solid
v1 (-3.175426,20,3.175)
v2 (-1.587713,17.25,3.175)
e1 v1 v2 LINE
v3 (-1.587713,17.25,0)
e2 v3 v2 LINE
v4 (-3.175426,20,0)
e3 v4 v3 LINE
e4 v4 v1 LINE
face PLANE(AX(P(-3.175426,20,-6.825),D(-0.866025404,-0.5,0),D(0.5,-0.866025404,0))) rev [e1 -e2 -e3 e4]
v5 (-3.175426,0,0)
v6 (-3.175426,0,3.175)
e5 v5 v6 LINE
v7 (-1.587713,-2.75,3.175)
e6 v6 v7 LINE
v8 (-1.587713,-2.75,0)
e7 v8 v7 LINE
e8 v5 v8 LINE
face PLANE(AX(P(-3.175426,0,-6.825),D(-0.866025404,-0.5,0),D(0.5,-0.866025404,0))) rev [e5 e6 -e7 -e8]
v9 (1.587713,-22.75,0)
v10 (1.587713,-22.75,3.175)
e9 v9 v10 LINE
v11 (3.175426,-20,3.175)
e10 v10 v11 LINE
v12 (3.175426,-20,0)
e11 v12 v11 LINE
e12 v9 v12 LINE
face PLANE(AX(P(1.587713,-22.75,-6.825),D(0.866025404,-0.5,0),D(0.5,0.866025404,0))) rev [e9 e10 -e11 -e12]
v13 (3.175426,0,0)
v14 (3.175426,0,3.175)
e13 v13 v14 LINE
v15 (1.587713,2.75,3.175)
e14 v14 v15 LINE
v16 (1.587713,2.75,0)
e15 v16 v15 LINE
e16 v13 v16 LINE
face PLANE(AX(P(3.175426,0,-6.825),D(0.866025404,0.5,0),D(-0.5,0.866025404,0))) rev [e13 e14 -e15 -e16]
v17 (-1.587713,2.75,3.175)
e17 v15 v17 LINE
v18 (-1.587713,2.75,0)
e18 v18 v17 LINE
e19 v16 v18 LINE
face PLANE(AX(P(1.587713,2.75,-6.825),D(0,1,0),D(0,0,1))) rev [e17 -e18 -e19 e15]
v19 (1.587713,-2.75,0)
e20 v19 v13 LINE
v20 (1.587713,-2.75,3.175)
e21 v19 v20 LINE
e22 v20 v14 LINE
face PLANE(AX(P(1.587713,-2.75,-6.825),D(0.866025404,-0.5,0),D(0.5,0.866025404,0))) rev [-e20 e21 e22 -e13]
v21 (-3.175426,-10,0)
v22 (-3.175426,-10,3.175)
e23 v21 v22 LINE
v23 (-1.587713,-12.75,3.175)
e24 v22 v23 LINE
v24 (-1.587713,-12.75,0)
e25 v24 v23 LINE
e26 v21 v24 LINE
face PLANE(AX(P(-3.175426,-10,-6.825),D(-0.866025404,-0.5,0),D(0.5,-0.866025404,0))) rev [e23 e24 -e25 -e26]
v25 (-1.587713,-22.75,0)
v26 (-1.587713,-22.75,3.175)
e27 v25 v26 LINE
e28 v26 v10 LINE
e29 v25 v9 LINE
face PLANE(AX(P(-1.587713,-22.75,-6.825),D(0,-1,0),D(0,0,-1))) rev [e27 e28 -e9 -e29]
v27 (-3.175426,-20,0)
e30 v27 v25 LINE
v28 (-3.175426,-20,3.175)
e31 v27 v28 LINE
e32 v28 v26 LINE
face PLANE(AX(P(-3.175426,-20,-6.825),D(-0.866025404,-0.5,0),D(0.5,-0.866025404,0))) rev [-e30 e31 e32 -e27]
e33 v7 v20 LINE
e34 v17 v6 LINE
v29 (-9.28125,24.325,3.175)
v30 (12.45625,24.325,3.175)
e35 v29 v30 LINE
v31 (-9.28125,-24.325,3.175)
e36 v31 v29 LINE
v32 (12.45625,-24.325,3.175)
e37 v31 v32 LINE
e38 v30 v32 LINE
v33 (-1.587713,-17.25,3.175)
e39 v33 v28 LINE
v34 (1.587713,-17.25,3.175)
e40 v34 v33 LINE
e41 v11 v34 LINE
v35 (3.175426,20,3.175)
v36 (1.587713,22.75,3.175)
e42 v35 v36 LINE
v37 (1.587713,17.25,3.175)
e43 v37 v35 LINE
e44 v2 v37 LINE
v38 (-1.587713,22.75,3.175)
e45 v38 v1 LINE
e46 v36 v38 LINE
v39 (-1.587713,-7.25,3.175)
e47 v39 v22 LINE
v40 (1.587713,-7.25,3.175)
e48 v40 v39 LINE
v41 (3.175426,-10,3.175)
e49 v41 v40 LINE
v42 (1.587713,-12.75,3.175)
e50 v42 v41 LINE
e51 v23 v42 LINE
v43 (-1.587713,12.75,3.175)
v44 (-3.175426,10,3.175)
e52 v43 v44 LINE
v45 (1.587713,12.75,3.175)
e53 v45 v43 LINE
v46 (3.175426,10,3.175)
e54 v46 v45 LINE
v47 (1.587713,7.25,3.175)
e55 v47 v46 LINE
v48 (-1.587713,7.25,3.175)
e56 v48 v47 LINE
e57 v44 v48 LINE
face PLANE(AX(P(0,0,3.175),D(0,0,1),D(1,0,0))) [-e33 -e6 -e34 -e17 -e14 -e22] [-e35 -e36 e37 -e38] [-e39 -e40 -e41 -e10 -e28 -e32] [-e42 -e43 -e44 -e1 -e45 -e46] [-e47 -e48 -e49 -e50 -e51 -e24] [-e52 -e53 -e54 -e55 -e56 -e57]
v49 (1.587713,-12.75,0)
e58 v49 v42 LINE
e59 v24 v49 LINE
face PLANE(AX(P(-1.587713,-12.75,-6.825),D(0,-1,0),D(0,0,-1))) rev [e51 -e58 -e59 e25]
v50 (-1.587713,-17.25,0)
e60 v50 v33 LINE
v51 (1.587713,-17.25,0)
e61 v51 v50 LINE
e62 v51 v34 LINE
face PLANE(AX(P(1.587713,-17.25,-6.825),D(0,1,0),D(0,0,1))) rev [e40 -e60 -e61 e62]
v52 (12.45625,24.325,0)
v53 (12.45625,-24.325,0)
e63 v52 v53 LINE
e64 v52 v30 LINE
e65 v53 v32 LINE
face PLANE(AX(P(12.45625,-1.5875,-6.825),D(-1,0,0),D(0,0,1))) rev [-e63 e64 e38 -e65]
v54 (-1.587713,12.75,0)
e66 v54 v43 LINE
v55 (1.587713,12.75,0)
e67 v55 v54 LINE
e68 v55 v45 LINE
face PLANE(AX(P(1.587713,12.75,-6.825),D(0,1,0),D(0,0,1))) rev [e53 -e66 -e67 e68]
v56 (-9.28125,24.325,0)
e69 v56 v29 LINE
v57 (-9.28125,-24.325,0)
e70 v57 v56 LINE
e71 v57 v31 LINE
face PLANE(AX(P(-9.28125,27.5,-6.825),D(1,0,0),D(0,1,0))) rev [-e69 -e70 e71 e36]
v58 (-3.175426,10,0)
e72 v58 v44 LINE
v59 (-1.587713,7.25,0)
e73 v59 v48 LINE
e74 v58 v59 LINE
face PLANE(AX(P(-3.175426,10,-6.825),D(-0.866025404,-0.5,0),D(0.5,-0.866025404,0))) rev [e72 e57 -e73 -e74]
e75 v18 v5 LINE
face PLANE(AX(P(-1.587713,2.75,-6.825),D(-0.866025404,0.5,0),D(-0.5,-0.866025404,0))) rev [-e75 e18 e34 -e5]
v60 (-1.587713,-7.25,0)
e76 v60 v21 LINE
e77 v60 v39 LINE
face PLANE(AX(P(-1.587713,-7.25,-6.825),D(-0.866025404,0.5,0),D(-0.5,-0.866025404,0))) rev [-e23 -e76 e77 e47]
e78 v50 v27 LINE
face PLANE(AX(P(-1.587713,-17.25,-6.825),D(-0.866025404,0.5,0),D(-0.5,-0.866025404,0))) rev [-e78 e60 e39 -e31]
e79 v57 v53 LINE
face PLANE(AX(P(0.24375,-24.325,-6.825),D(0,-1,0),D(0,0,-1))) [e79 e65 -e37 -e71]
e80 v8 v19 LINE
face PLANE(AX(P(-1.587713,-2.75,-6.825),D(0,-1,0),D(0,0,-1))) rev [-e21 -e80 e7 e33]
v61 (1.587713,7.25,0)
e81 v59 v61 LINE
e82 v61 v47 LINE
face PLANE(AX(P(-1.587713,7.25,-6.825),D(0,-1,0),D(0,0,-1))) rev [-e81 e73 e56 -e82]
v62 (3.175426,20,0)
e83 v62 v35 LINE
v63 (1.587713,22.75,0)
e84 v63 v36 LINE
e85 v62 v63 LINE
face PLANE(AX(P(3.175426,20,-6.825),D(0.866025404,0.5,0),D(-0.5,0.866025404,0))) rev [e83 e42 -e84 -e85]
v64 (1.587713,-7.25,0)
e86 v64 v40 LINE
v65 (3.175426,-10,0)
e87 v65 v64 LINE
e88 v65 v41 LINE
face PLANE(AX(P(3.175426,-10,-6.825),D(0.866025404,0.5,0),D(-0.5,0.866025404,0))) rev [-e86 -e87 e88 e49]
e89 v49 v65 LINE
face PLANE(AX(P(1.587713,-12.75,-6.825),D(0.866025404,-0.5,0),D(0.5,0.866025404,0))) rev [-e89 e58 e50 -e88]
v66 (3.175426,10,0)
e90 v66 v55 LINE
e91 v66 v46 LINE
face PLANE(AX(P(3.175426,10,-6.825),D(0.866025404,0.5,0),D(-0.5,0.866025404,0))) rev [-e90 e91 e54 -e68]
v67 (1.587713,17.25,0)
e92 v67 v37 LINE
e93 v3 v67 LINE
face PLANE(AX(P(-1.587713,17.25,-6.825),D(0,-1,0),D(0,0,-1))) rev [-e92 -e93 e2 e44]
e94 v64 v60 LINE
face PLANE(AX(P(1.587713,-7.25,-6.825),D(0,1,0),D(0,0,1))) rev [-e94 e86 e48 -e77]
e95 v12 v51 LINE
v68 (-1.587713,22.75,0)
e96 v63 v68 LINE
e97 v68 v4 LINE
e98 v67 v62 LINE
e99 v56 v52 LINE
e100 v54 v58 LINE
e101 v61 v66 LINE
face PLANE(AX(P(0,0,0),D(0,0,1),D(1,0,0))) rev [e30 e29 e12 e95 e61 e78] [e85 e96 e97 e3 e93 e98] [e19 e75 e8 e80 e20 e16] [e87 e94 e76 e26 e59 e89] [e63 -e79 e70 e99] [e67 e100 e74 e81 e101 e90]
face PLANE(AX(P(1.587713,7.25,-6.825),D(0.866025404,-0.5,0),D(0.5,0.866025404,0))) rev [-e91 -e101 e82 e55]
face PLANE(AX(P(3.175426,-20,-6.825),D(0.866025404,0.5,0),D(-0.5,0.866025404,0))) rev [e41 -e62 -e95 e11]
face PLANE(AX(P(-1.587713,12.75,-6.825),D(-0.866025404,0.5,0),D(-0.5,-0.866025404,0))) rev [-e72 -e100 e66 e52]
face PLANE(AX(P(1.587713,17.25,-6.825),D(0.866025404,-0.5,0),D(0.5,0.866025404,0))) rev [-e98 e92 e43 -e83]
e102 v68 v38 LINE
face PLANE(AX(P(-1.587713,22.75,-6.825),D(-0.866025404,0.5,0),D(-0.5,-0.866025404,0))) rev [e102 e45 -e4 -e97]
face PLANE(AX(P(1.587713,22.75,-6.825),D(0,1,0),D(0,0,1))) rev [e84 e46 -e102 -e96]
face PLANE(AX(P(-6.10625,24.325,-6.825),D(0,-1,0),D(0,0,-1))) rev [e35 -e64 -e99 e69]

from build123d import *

# Parameters (mm, degrees)
SKETCH1_W               = 31.2625
SKETCH1_H               = 55
BOSS_EXTRUDE1_DEPTH     = 3.175
SKETCH2_R               = 1.5
CUT_EXTRUDE1_DEPTH      = 10
LPATTERN1_COUNT         = 3
LPATTERN1_PITCH         = 10
LPATTERN1_COL_COUNT     = 3
LPATTERN1_COL_PITCH     = 10
SKETCH3_W               = 6.35
SKETCH3_H               = 3.175
CUT_EXTRUDE2_DEPTH      = 10
LPATTERN2_COUNT         = 5
LPATTERN2_PITCH         = 6.35
LPATTERN2_COL_COUNT     = 5
LPATTERN2_COL_PITCH     = 6.35
SKETCH4_W               = 3.175
SKETCH4_H               = 3.6875
SKETCH4_H_2             = 3.175
CUT_EXTRUDE3_DEPTH      = 10
SKETCH5_W               = 6.35
SKETCH5_H               = 55
CUT_EXTRUDE4_DEPTH      = 10
SKETCH6_W               = 3.175
SKETCH6_H               = 3.175
CUT_EXTRUDE5_DEPTH      = 10
LPATTERN3_COUNT         = 2
LPATTERN3_PITCH         = 6.35
LPATTERN3_COUNT_DIR2    = 2
LPATTERN3_PITCH_DIR2    = 6.35
SKETCH7_W               = 5.8625
SKETCH7_H               = 3.175
CUT_EXTRUDE6_DEPTH      = 10
MIRROR1_COPY_1_SKETCH_W = 3.175
MIRROR1_COPY_1_SKETCH_H = 3.175
MIRROR1_COPY_1_DEPTH    = 10
MIRROR1_COPY_2_SKETCH_W = 3.175
MIRROR1_COPY_2_SKETCH_H = 3.175
MIRROR1_COPY_2_DEPTH    = 10
MIRROR1_COPY_3_SKETCH_W = 3.175
MIRROR1_COPY_3_SKETCH_H = 3.175
MIRROR1_COPY_3_DEPTH    = 10
SKETCH8_W               = 21.7375
SKETCH8_H               = 3.175
SKETCH8_W_2             = 3.175
SKETCH8_H_2             = 41.275
SKETCH8_W_3             = 15.875
CUT_EXTRUDE7_DEPTH      = 10
CUT_EXTRUDE8_DEPTH      = 10
LPATTERN4_COUNT         = 5
LPATTERN4_PITCH         = 10


with BuildPart() as part:
    # Sketch1 → Boss-Extrude1 (new body)
    with BuildSketch(Plane.XY):
        Rectangle(SKETCH1_W, SKETCH1_H)
    extrude(amount=BOSS_EXTRUDE1_DEPTH)

    # Sketch2 → Cut-Extrude1 (cut)
    with BuildSketch(Plane.XY.offset(3.175)):
        Circle(SKETCH2_R)
    cut_extrude1 = extrude(amount=-CUT_EXTRUDE1_DEPTH, mode=Mode.SUBTRACT)

    # LPattern1: Cut-Extrude1 ×3
    with Locations(*[(0, i * LPATTERN1_PITCH, 0) for i in range(1, LPATTERN1_COUNT)]):
        add(cut_extrude1, mode=Mode.SUBTRACT)

    # LPattern1 col: Cut-Extrude1 ×3
    with Locations(*[(0, -i * LPATTERN1_COL_PITCH, 0) for i in range(1, LPATTERN1_COL_COUNT)]):
        add(cut_extrude1, mode=Mode.SUBTRACT)

    # Sketch3 → Cut-Extrude2 (cut)
    with BuildSketch(Plane.XY.offset(3.175)):
        with Locations((15.63125, -3.175)):
            Rectangle(SKETCH3_W, SKETCH3_H)
    cut_extrude2 = extrude(amount=-CUT_EXTRUDE2_DEPTH, mode=Mode.SUBTRACT)

    # LPattern2: Cut-Extrude2 ×5
    with Locations(*[(0, i * LPATTERN2_PITCH, 0) for i in range(1, LPATTERN2_COUNT)]):
        add(cut_extrude2, mode=Mode.SUBTRACT)

    # LPattern2 col: Cut-Extrude2 ×5
    with Locations(*[(0, -i * LPATTERN2_COL_PITCH, 0) for i in range(1, LPATTERN2_COL_COUNT)]):
        add(cut_extrude2, mode=Mode.SUBTRACT)

    # Sketch4 → Cut-Extrude3 (cut)
    with BuildSketch(Plane.XY.offset(3.175)):
        with Locations((14.04375, 25.65625)):
            Rectangle(SKETCH4_W, SKETCH4_H)
        with Locations((14.04375, -25.4)):
            Rectangle(SKETCH4_W, SKETCH4_H_2)
    extrude(amount=-CUT_EXTRUDE3_DEPTH, mode=Mode.SUBTRACT)

    # Sketch5 → Cut-Extrude4 (cut)
    with BuildSketch(Plane.XY.offset(3.175)):
        with Locations((-12.45625, 0)):
            Rectangle(SKETCH5_W, SKETCH5_H)
    extrude(amount=-CUT_EXTRUDE4_DEPTH, mode=Mode.SUBTRACT)

    # Sketch6 → Cut-Extrude5 (cut)
    with BuildSketch(Plane.XY.offset(3.175)):
        with Locations((-4.51875, 25.9125)):
            Rectangle(SKETCH6_W, SKETCH6_H)
    cut_extrude5 = extrude(amount=-CUT_EXTRUDE5_DEPTH, mode=Mode.SUBTRACT)

    # LPattern3: Cut-Extrude5 2 × 2
    with Locations(*[(i * LPATTERN3_PITCH, j * LPATTERN3_PITCH_DIR2, 0) for i in range(LPATTERN3_COUNT) for j in range(LPATTERN3_COUNT_DIR2) if (i, j) != (0, 0)]):
        add(cut_extrude5, mode=Mode.SUBTRACT)

    # Sketch7 → Cut-Extrude6 (cut)
    with BuildSketch(Plane.XY.offset(3.175)):
        with Locations((9.525, 25.9125)):
            Rectangle(SKETCH7_W, SKETCH7_H)
    cut_extrude6 = extrude(amount=-CUT_EXTRUDE6_DEPTH, mode=Mode.SUBTRACT)

    # Mirror1: Cut-Extrude5, Cut-Extrude6 across plane
    add(cut_extrude5.mirror(Plane.ZX), mode=Mode.SUBTRACT)
    add(cut_extrude6.mirror(Plane.ZX), mode=Mode.SUBTRACT)

    # Mirror1 copy 1 sketch → Mirror1 copy 1 (cut)
    with BuildSketch(Plane(origin=(0, -6.35, 3.175), x_dir=(1, 0, 0), z_dir=(0, 0, 1))):
        with Locations((-4.51875, -25.9125)):
            Rectangle(MIRROR1_COPY_1_SKETCH_W, MIRROR1_COPY_1_SKETCH_H)
    extrude(amount=-MIRROR1_COPY_1_DEPTH, mode=Mode.SUBTRACT)

    # Mirror1 copy 2 sketch → Mirror1 copy 2 (cut)
    with BuildSketch(Plane(origin=(6.35, 0, 3.175), x_dir=(1, 0, 0), z_dir=(0, 0, 1))):
        with Locations((-4.51875, -25.9125)):
            Rectangle(MIRROR1_COPY_2_SKETCH_W, MIRROR1_COPY_2_SKETCH_H)
    extrude(amount=-MIRROR1_COPY_2_DEPTH, mode=Mode.SUBTRACT)

    # Mirror1 copy 3 sketch → Mirror1 copy 3 (cut)
    with BuildSketch(Plane(origin=(6.35, -6.35, 3.175), x_dir=(1, 0, 0), z_dir=(0, 0, 1))):
        with Locations((-4.51875, -25.9125)):
            Rectangle(MIRROR1_COPY_3_SKETCH_W, MIRROR1_COPY_3_SKETCH_H)
    extrude(amount=-MIRROR1_COPY_3_DEPTH, mode=Mode.SUBTRACT)

    # Sketch8 → Cut-Extrude7 (cut)
    with BuildSketch(Plane.XY.offset(3.175)):
        with Locations((1.5875, 25.9125)):
            Rectangle(SKETCH8_W, SKETCH8_H)
        with Locations((14.04375, 0)):
            Rectangle(SKETCH8_W_2, SKETCH8_H_2)
        with Locations((-1.34375, -25.9125)):
            Rectangle(SKETCH8_W_3, SKETCH8_H)
    extrude(amount=-CUT_EXTRUDE7_DEPTH, mode=Mode.SUBTRACT)

    # Sketch9 → Cut-Extrude8 (cut)
    with BuildSketch(Plane.XY.offset(3.175)):
        Polygon((3.175426481, 20), (1.58771324, 22.75), (-1.58771324, 22.75), (-3.175426481, 20), (-1.58771324, 17.25), (1.58771324, 17.25), align=None)
    cut_extrude8 = extrude(amount=-CUT_EXTRUDE8_DEPTH, mode=Mode.SUBTRACT)

    # LPattern4: Cut-Extrude8 ×5
    with Locations(*[(0, -i * LPATTERN4_PITCH, 0) for i in range(1, LPATTERN4_COUNT)]):
        add(cut_extrude8, mode=Mode.SUBTRACT)


solid = part.part
